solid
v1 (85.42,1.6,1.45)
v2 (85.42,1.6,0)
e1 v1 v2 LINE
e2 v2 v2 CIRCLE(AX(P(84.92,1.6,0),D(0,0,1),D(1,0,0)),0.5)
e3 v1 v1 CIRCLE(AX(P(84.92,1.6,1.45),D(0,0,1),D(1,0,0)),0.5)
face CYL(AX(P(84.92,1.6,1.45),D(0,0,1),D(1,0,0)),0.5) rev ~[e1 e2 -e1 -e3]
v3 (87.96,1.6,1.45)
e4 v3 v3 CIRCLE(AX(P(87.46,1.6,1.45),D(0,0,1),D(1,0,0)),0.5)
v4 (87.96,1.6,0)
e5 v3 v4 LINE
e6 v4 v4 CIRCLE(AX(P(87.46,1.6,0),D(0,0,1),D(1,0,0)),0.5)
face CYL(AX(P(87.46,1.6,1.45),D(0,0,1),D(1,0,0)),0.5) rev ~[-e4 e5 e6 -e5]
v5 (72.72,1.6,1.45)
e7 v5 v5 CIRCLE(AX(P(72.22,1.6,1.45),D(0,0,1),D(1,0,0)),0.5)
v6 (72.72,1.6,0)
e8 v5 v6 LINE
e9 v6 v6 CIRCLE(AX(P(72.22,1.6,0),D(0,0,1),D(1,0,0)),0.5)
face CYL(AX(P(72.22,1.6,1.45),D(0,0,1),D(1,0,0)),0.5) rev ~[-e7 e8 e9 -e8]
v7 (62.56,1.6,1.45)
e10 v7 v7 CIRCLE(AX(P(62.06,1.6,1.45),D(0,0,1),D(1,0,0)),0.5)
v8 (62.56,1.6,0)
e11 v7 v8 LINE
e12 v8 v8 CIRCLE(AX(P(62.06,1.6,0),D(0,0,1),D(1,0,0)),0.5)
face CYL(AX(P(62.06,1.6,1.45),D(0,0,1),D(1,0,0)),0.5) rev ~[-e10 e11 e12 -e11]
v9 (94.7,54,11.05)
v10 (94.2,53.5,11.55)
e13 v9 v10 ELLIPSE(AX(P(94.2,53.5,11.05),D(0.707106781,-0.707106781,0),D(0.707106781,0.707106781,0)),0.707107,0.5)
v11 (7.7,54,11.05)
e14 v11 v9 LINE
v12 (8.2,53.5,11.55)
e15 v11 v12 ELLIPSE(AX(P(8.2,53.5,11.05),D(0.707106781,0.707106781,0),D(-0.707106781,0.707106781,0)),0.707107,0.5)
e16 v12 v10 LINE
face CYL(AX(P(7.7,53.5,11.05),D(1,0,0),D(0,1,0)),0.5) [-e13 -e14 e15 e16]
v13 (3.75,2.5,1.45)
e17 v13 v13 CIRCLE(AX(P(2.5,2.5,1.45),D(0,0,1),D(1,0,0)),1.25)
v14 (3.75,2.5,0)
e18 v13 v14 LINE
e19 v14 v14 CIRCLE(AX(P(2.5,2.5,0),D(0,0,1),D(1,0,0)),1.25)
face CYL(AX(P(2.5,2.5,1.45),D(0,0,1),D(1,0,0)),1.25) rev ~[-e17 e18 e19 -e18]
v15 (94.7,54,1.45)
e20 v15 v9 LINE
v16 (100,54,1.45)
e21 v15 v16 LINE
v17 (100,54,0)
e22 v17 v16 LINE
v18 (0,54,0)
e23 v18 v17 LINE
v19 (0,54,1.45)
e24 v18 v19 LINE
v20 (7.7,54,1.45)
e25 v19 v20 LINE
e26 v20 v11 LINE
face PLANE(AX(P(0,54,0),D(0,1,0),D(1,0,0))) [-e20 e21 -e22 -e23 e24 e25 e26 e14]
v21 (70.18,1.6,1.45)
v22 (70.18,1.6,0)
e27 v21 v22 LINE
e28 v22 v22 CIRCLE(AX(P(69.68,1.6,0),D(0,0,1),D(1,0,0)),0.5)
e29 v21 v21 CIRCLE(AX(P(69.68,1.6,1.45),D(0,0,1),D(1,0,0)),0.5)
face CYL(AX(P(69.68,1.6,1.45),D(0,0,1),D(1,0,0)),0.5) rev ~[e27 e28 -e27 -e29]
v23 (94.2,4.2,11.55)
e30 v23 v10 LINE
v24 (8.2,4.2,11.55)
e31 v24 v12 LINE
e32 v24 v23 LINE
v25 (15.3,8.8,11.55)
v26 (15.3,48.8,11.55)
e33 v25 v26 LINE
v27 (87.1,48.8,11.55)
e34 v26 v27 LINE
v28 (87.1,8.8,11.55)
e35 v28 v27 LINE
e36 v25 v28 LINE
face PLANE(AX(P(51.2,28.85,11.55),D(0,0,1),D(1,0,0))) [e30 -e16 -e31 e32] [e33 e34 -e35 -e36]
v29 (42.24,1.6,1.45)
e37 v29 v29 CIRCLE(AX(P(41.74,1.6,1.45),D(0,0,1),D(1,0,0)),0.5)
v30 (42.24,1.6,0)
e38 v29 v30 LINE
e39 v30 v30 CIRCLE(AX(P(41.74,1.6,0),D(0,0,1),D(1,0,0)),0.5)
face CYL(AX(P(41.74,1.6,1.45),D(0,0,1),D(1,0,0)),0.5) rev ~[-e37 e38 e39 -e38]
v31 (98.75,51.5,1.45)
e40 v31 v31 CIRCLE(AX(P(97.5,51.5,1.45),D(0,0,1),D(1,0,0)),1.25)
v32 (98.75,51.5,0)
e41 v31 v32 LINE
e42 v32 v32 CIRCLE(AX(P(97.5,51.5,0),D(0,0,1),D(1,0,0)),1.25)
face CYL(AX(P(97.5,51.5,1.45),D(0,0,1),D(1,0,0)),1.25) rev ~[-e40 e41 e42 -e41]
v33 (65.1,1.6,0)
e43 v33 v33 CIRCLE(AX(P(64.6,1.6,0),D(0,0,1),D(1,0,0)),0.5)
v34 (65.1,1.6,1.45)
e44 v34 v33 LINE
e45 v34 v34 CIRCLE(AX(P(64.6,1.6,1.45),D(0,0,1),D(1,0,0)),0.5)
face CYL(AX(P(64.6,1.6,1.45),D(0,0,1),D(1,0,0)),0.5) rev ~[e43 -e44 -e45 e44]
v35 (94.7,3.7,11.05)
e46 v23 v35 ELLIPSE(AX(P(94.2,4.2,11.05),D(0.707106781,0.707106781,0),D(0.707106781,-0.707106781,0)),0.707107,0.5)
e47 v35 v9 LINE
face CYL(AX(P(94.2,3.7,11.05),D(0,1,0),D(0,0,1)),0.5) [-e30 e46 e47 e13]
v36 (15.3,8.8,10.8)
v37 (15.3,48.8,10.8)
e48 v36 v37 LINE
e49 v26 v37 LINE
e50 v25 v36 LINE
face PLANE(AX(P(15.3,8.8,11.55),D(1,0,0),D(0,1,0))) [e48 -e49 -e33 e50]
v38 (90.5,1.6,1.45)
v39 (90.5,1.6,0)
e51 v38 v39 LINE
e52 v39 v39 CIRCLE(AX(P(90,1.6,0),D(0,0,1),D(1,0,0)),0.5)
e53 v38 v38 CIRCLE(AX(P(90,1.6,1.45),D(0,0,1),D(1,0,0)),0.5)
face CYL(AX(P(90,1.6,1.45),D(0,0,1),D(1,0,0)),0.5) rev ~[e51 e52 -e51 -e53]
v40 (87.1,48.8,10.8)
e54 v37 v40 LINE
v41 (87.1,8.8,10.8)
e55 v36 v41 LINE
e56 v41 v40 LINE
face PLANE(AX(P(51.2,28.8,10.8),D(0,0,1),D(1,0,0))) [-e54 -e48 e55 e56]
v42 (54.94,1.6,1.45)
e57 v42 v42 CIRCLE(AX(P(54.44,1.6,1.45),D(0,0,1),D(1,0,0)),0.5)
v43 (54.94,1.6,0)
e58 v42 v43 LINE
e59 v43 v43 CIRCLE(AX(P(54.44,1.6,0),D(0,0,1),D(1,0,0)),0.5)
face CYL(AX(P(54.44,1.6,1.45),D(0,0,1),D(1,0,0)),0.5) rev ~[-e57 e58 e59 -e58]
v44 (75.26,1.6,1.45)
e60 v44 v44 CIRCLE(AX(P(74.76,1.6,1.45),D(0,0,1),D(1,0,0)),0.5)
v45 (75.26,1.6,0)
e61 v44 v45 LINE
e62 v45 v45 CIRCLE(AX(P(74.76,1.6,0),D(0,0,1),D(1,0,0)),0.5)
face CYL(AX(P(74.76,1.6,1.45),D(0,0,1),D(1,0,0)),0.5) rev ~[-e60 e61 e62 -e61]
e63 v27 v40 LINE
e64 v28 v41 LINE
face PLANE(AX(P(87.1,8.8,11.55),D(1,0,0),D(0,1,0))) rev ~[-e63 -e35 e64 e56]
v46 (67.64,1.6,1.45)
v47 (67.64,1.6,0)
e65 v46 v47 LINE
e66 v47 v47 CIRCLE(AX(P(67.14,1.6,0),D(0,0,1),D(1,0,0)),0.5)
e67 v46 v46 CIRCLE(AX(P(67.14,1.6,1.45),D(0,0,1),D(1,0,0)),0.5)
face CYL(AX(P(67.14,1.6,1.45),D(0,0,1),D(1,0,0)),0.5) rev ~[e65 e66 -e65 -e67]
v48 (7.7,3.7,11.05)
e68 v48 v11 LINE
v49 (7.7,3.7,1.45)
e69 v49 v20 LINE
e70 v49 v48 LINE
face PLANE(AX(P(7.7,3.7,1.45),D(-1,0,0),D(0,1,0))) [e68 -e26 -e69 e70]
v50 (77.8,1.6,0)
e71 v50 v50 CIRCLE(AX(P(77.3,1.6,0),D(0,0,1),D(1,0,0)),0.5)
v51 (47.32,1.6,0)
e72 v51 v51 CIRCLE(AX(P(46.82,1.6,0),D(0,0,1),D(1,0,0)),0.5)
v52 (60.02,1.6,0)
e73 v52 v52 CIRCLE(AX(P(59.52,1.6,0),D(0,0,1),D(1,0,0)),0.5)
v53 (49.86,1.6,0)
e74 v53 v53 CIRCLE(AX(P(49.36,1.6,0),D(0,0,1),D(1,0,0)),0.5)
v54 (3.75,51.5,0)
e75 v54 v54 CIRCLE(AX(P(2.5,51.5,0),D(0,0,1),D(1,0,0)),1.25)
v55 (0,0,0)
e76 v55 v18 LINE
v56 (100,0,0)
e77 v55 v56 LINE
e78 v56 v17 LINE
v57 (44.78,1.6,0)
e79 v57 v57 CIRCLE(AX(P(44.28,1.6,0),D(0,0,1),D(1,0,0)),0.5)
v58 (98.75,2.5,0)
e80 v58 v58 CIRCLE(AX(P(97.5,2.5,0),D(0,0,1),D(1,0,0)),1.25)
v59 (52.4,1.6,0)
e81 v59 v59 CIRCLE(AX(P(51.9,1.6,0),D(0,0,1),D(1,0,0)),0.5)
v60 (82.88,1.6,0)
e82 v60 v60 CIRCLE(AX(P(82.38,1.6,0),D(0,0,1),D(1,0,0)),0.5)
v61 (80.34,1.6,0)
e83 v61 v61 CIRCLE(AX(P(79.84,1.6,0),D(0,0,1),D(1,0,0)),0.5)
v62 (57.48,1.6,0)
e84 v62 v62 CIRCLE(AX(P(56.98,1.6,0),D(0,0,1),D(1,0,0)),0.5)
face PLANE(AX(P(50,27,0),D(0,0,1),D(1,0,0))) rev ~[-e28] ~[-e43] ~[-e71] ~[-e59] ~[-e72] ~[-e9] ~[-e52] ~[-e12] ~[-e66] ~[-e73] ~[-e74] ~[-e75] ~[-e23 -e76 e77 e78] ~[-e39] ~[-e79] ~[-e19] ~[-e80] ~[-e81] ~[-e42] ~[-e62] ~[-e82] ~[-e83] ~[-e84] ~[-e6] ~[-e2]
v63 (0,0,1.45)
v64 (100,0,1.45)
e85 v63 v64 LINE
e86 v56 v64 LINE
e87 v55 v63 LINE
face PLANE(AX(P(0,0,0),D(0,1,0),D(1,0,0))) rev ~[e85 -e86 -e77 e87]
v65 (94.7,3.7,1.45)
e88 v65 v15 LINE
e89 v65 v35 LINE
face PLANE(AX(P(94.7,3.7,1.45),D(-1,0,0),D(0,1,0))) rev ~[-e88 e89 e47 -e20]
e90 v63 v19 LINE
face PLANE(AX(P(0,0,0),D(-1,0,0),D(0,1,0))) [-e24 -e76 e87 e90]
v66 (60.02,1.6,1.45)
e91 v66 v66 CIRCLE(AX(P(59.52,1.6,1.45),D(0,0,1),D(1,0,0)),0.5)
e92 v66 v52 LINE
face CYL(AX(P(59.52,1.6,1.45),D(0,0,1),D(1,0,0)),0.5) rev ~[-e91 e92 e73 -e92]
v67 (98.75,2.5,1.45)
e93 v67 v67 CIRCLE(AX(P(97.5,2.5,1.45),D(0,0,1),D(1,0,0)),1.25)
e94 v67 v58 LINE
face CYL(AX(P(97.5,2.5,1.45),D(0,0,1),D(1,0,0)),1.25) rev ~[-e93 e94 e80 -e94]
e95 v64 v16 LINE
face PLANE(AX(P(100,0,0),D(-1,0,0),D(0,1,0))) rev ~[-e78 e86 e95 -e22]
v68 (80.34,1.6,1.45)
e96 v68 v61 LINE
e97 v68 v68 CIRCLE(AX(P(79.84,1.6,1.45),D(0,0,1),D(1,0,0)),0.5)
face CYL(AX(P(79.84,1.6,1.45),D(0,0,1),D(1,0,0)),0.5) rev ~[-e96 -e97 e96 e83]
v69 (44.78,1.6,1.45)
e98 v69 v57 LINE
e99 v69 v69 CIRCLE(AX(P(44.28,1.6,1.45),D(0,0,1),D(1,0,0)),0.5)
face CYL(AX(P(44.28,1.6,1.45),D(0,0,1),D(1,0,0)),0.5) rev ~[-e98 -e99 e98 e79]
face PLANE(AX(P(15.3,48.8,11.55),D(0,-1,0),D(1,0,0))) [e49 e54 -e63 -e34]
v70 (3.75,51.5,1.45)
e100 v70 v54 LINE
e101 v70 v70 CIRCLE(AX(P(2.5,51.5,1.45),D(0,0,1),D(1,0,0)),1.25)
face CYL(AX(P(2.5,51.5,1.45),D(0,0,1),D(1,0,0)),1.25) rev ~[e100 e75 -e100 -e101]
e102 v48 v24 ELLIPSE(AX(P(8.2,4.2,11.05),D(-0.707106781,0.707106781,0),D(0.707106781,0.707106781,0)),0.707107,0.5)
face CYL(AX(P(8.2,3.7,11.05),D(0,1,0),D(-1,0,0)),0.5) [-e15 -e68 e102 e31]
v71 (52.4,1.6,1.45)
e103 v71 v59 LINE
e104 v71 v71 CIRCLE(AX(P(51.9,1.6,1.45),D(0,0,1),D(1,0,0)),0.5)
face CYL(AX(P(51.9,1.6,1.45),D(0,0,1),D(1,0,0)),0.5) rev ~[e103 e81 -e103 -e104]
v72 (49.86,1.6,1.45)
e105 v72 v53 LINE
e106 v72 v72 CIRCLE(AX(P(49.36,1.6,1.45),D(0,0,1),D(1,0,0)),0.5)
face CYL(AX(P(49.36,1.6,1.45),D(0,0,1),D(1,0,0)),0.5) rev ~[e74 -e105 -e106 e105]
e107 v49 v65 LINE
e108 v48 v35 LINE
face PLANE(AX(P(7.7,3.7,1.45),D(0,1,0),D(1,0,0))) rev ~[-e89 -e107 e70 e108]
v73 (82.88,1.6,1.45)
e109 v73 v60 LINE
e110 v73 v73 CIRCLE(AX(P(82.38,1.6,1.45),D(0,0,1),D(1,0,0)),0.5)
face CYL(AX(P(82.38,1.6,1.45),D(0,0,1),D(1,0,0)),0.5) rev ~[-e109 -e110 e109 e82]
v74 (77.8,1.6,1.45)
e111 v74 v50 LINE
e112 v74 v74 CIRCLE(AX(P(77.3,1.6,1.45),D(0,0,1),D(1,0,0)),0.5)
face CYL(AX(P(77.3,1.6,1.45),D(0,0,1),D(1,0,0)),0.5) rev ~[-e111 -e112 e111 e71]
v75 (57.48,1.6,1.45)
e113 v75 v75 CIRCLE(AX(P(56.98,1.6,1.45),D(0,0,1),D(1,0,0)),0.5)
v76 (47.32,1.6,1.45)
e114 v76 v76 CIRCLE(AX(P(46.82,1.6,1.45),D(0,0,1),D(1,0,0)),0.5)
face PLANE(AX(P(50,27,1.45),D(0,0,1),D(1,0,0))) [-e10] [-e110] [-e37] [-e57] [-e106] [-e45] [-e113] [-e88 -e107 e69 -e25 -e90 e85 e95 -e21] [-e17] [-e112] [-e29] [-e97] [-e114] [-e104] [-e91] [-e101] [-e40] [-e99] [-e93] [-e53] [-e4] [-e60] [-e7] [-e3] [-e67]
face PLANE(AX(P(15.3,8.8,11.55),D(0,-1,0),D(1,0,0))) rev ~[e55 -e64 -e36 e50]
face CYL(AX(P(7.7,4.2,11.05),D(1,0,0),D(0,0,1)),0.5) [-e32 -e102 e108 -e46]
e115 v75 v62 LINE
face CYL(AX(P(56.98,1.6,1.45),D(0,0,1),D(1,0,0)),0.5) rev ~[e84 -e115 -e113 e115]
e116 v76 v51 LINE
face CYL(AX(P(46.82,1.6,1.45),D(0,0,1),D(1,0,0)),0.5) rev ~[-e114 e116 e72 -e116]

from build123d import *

# Parameters (mm, degrees)
F0_W      = 100
F0_H      = 54
F1_DEPTH  = 1.45
F2_W      = 87
F2_H      = 50.3
F3_DEPTH  = 10.1
F4_R      = 1.25
F5_DEPTH  = 1.451
F7_R      = 0.5
F6_W      = 71.8
F6_H      = 40
F8_DEPTH  = 0.75
F9_R      = 0.5
F10_DEPTH = 1.451


with BuildPart() as f1:
    # F0 (on Top) → F1 (new body)
    with BuildSketch(Plane.XY):
        with Locations((50, 27)):
            Rectangle(F0_W, F0_H)
    extrude(amount=F1_DEPTH)

    # F2 (on face) → F3 (join)
    with BuildSketch(Plane.XY.offset(1.45)):
        with Locations((51.2, 28.85)):
            Rectangle(F2_W, F2_H)
    extrude(amount=F3_DEPTH)

    # F4 (on face) → F5 (cut, through all)
    with BuildSketch(Plane.XY.offset(1.45)):
        with Locations((2.5, 51.5)):
            Circle(F4_R)
        with Locations((2.5, 2.5)):
            Circle(F4_R)
        with Locations((97.5, 2.5)):
            Circle(F4_R)
        with Locations((97.5, 51.5)):
            Circle(F4_R)
    extrude(amount=-F5_DEPTH, mode=Mode.SUBTRACT)

    # F7
    f7_edges = [f1.edges().sort_by_distance(p)[0] for p in [
        (7.7, 28.85, 11.55),
        (51.2, 54, 11.55),
        (51.2, 3.7, 11.55),
        (94.7, 28.85, 11.55),
    ]]
    fillet(f7_edges, radius=F7_R)

    # F6 (on face) → F8 (cut)
    with BuildSketch(Plane.XY.offset(11.55)):
        with Locations((51.2, 28.8)):
            Rectangle(F6_W, F6_H)
    extrude(amount=-F8_DEPTH, mode=Mode.SUBTRACT)

    # F9 (on face) → F10 (cut, through all)
    with BuildSketch(Plane.XY.offset(1.45)):
        with Locations((90, 1.6)):
            Circle(F9_R)
        with Locations((87.46, 1.6)):
            Circle(F9_R)
        with Locations((84.92, 1.6)):
            Circle(F9_R)
        with Locations((82.38, 1.6)):
            Circle(F9_R)
        with Locations((79.84, 1.6)):
            Circle(F9_R)
        with Locations((77.3, 1.6)):
            Circle(F9_R)
        with Locations((74.76, 1.6)):
            Circle(F9_R)
        with Locations((72.22, 1.6)):
            Circle(F9_R)
        with Locations((69.68, 1.6)):
            Circle(F9_R)
        with Locations((67.14, 1.6)):
            Circle(F9_R)
        with Locations((64.6, 1.6)):
            Circle(F9_R)
        with Locations((62.06, 1.6)):
            Circle(F9_R)
        with Locations((59.52, 1.6)):
            Circle(F9_R)
        with Locations((56.98, 1.6)):
            Circle(F9_R)
        with Locations((54.44, 1.6)):
            Circle(F9_R)
        with Locations((51.9, 1.6)):
            Circle(F9_R)
        with Locations((49.36, 1.6)):
            Circle(F9_R)
        with Locations((46.82, 1.6)):
            Circle(F9_R)
        with Locations((44.28, 1.6)):
            Circle(F9_R)
        with Locations((41.74, 1.6)):
            Circle(F9_R)
    extrude(amount=-F10_DEPTH, mode=Mode.SUBTRACT)


solid = f1.part
